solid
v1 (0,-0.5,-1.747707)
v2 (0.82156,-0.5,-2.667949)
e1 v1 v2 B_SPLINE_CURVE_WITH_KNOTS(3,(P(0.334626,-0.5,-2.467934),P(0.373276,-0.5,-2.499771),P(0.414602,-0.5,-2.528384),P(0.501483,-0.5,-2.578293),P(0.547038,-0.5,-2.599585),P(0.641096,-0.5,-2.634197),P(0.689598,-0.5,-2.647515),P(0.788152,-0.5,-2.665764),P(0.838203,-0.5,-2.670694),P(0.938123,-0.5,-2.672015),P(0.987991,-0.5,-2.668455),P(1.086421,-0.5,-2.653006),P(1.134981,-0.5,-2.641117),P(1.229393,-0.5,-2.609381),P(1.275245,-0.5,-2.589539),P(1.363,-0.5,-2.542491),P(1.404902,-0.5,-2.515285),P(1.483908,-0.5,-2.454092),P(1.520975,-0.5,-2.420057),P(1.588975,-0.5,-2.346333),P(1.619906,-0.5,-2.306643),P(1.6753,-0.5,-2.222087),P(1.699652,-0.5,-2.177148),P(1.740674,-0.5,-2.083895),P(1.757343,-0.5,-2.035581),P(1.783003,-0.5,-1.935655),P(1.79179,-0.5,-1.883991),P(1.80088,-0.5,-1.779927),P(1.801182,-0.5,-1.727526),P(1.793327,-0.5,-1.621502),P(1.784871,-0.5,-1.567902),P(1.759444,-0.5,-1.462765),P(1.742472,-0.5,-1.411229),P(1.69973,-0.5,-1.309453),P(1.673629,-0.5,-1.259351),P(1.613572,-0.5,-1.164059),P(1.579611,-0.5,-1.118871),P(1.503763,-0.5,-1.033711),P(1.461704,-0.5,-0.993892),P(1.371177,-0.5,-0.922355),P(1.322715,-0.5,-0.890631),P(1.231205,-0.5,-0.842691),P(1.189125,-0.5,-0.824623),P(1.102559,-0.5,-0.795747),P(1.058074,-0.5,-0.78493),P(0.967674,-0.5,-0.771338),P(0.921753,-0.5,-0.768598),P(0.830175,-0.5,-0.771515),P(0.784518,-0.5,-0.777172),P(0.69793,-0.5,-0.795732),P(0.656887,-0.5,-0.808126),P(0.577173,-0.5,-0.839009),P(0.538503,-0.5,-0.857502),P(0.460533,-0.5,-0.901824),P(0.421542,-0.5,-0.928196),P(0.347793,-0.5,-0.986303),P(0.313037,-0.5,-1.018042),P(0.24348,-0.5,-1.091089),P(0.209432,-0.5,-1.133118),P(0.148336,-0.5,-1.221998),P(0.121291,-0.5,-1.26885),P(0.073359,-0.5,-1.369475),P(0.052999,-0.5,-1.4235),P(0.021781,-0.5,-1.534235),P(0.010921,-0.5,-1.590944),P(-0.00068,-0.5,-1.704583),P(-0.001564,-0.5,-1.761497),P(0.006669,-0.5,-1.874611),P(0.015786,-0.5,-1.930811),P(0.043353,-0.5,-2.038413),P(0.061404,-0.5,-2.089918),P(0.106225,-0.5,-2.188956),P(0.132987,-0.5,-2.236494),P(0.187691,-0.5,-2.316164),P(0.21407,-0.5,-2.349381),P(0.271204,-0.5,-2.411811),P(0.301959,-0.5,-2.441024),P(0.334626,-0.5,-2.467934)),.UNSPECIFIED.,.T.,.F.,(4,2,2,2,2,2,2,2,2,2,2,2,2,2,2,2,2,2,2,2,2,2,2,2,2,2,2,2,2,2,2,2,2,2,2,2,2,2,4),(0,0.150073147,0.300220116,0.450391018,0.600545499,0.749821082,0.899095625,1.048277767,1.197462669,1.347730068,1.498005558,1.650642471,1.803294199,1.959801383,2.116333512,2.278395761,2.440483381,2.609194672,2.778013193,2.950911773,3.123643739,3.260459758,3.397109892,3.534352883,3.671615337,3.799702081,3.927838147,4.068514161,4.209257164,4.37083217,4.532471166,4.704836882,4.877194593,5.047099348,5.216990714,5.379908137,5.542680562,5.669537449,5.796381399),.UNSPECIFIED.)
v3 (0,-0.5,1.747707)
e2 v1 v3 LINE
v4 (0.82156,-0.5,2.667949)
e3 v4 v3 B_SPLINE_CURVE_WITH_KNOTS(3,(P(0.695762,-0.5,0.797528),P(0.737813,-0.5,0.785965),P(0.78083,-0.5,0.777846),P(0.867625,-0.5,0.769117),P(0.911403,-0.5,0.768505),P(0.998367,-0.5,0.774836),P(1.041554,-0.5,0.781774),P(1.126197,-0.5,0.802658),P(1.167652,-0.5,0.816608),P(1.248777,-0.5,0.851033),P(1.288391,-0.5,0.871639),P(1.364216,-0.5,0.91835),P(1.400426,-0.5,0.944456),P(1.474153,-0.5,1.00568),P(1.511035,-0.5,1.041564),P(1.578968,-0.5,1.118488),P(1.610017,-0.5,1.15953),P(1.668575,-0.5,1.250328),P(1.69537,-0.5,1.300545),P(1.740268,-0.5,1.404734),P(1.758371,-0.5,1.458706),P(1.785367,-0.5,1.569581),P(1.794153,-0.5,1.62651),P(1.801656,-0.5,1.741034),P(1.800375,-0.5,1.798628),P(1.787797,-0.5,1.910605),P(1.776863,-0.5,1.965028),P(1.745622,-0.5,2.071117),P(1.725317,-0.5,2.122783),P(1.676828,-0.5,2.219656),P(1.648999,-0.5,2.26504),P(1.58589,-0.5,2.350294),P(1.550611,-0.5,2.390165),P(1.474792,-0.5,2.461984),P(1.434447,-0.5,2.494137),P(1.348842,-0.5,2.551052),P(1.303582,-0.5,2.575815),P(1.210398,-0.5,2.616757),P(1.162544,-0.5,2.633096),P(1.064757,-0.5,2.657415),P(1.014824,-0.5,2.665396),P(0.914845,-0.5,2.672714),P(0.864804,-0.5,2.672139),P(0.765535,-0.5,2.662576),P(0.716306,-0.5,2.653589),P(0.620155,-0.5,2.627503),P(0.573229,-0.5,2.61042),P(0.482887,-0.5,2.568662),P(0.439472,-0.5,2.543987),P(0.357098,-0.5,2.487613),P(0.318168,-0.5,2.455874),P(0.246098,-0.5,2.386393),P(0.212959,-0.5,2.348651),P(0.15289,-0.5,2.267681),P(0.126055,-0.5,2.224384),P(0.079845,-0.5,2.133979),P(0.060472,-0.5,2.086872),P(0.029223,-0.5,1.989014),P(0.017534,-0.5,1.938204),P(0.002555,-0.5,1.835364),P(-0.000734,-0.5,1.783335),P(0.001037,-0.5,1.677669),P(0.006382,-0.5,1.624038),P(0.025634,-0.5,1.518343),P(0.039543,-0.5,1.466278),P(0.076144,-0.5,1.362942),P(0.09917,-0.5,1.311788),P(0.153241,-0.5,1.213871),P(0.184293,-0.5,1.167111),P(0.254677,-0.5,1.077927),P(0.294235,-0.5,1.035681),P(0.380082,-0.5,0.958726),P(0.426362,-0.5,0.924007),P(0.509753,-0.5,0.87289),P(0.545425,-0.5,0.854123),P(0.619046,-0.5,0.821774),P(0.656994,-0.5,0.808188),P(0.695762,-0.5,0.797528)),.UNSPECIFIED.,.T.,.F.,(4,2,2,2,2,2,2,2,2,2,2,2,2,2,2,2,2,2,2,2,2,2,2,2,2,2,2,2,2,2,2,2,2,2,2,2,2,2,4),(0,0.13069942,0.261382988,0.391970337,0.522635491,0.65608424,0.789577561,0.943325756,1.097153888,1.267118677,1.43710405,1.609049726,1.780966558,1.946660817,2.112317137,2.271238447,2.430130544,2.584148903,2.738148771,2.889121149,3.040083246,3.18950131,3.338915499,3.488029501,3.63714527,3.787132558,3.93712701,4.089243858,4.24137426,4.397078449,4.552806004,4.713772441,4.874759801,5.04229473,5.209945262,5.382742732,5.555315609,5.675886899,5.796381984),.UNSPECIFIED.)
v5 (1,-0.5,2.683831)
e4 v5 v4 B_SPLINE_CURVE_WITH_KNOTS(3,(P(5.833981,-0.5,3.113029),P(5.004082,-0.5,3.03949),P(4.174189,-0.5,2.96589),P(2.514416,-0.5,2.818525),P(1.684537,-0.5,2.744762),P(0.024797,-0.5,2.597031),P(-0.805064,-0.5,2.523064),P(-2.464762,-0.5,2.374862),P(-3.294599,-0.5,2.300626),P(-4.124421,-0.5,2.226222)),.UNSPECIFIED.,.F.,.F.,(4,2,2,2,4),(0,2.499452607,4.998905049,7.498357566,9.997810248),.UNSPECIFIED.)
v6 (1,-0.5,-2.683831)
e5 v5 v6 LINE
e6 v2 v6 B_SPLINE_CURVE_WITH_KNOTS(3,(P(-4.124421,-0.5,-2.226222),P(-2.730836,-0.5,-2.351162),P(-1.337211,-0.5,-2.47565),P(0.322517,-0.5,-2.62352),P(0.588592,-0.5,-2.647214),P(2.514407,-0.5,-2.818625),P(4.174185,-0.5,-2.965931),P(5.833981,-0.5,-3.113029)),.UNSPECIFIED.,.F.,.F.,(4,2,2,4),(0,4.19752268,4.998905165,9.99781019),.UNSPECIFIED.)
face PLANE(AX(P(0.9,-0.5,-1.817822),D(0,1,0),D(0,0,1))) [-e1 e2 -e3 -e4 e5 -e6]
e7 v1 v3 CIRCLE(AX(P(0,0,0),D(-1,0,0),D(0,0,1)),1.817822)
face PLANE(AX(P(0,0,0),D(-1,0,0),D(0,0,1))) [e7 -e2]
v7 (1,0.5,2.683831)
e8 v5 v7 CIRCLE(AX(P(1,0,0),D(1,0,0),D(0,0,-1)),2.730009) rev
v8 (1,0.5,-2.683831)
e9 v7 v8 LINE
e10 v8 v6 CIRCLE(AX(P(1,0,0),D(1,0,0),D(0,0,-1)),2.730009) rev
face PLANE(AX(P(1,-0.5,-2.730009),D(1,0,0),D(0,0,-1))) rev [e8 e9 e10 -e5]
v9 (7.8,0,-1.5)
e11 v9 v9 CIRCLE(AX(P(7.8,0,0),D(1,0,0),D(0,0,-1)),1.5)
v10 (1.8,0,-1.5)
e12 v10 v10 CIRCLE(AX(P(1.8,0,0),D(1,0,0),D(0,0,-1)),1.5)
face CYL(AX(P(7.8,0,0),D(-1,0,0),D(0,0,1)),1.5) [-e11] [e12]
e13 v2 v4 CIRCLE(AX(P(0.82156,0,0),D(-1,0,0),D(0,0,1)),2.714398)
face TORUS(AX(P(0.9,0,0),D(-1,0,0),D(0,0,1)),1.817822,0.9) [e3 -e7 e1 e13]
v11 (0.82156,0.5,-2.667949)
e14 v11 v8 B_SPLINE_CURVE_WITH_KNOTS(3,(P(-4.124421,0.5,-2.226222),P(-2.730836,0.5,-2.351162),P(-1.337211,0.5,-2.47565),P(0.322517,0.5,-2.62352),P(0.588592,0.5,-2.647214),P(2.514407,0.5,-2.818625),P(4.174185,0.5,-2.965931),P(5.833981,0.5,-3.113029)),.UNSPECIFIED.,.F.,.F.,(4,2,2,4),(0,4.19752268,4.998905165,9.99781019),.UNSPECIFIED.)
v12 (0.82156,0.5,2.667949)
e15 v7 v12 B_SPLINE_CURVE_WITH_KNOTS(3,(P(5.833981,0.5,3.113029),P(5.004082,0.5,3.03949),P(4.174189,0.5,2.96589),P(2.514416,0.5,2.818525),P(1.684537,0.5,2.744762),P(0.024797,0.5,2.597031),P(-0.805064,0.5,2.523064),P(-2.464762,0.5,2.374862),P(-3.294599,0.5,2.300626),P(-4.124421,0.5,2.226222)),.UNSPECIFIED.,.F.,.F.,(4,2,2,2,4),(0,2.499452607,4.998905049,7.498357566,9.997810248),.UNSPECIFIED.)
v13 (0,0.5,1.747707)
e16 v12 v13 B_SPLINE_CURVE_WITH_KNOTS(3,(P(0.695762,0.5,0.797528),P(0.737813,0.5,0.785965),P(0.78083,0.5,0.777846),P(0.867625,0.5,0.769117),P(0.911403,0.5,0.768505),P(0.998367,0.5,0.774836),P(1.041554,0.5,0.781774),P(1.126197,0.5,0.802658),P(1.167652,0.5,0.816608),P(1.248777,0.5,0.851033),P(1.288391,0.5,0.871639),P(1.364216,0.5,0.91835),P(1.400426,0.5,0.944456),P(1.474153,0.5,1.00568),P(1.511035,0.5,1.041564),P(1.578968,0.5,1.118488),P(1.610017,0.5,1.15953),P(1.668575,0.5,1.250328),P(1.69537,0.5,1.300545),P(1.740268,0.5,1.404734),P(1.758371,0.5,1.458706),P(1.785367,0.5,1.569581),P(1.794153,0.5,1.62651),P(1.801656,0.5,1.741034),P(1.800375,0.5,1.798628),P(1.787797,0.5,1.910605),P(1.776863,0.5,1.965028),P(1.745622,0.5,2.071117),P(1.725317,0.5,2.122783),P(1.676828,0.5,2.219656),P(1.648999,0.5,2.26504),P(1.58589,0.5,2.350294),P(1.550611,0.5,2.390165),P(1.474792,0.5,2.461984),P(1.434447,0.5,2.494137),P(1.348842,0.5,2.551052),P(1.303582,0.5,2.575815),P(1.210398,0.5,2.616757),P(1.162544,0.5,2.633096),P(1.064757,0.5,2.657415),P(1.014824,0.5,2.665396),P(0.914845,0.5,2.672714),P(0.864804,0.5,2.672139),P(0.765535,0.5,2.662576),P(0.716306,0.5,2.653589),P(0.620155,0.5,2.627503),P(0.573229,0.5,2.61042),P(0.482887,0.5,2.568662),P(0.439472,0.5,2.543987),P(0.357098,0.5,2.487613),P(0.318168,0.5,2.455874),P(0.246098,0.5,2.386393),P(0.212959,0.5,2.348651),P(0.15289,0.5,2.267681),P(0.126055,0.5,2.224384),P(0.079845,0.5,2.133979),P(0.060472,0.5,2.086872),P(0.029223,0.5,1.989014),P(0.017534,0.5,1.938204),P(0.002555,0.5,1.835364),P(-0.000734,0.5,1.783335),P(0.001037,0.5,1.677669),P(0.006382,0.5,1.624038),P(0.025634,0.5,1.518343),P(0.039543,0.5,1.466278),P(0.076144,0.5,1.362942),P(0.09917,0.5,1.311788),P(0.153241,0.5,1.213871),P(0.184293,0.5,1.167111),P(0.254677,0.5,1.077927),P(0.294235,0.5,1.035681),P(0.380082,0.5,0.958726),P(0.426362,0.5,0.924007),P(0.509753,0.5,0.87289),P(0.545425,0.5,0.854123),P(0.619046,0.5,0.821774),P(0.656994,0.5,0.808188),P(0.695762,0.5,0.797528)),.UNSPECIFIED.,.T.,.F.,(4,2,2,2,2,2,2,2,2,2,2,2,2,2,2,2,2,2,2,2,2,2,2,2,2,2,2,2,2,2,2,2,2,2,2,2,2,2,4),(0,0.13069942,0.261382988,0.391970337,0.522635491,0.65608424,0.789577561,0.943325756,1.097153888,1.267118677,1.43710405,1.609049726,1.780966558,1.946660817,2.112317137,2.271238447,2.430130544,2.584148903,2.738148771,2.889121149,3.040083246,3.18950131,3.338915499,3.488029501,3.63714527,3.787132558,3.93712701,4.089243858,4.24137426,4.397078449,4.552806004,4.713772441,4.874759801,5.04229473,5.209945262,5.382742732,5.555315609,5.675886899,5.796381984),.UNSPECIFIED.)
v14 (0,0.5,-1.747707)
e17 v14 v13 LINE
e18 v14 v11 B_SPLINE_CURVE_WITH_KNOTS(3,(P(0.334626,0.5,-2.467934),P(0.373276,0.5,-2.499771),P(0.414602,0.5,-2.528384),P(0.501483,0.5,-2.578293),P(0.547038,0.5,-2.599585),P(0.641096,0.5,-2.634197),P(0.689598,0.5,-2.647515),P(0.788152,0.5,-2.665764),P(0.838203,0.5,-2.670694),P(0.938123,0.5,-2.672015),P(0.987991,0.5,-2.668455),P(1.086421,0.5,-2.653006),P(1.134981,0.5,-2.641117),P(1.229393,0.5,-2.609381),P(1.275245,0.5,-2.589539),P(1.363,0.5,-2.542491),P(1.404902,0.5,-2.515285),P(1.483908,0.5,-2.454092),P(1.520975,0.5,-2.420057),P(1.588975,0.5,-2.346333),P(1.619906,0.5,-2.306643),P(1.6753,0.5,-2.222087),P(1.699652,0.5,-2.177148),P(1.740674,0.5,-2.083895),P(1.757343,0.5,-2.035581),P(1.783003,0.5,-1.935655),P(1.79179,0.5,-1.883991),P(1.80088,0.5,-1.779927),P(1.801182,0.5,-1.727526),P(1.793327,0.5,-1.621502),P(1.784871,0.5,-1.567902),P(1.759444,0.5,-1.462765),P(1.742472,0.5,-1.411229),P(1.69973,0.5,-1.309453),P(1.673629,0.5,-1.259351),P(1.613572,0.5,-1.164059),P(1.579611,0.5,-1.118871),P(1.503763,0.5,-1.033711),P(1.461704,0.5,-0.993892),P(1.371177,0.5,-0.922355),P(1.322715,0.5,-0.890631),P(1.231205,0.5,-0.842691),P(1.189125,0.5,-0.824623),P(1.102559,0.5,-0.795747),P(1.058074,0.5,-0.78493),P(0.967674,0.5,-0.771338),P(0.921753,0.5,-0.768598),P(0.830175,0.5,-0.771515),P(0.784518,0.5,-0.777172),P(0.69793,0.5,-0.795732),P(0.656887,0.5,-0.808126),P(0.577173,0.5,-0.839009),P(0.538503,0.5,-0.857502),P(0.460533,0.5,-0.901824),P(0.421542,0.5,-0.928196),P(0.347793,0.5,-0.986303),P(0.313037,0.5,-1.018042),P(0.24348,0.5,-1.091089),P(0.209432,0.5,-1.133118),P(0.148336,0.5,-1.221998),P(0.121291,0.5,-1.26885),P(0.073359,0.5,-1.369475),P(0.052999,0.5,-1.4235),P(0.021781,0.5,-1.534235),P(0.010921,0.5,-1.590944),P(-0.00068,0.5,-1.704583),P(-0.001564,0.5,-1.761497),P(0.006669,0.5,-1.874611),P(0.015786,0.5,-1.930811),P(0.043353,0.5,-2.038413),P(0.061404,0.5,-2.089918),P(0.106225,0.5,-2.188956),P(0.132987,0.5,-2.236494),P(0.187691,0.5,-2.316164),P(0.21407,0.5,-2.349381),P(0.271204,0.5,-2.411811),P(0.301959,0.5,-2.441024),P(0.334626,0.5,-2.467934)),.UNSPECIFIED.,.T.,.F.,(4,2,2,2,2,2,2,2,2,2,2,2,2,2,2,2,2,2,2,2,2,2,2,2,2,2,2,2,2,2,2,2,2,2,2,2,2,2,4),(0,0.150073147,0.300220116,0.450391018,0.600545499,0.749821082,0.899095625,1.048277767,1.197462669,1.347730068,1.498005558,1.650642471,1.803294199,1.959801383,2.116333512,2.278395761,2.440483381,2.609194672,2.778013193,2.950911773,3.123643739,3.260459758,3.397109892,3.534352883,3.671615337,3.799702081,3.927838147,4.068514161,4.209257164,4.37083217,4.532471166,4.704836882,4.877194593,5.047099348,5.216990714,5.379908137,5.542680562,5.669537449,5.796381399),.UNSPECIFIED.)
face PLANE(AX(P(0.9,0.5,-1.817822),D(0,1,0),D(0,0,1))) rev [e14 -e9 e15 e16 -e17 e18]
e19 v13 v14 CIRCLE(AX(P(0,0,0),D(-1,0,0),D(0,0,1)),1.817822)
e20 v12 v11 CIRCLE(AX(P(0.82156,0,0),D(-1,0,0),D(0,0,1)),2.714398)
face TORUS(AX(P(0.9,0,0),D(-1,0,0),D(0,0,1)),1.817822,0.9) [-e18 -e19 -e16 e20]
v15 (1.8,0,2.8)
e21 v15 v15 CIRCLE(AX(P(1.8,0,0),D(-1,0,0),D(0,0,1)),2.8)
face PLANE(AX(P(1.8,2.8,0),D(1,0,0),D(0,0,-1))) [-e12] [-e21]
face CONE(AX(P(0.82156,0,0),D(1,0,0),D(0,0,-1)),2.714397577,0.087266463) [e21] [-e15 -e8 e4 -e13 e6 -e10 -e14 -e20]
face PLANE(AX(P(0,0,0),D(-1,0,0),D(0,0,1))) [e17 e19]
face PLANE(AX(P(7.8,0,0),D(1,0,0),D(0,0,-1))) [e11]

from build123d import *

# Parameters (mm, degrees)
ESQUISSE2_R             = 1.5
BOSS_EXTRU_1_DEPTH      = 6
ENL_V_MAT_EXTRU_1_DEPTH = 0.5


with BuildPart() as part:
    # Esquisse1 → Révolution1 (revolve)
    with BuildSketch(Plane(origin=(0, 0, 0), x_dir=(-1, 0, 0), z_dir=(0, 0, -1)), mode=Mode.PRIVATE) as r_volution1_sk:
        with BuildLine():
            Line((-1.8, 2.8), (-1.8, 0))
            Line((-1.8, 0), (0, 0))
            Line((0, 0), (0, 1.817822349))
            ThreePointArc((0, 1.817822349), (-0.236450397, 2.425853536), (-0.821559832, 2.714397577))
            Line((-0.821559832, 2.714397577), (-1.8, 2.8))
        make_face()
    revolve(r_volution1_sk.sketch.rotate(Axis((1.8, 0, 0), (-1, 0, 0)), 270), axis=Axis((1.8, 0, 0), (-1, 0, 0)))

    # Esquisse2 → Boss.-Extru.1 (add)
    with BuildSketch(Plane(origin=(1.8, 0, 0), x_dir=(0, 0, -1), z_dir=(1, 0, 0))):
        Circle(ESQUISSE2_R)
    extrude(amount=BOSS_EXTRU_1_DEPTH)

    # Esquisse3 → Enlèv. mat.-Extru.1 (cut, symmetric)
    with BuildSketch(Plane(origin=(0, 0, 0), x_dir=(1, 0, 0), z_dir=(0, 1, 0))):
        with BuildLine():
            Line((0, 1.817822349), (0, -1.817822349))
            ThreePointArc((0, -1.817822349), (0.236450397, -2.425853536), (0.821559832, -2.714397577))
            Line((0.821559832, -2.714397577), (1, -2.730009069))
            Line((1, -2.730009069), (1, 2.730009069))
            Line((1, 2.730009069), (0.821559832, 2.714397577))
            ThreePointArc((0.821559832, 2.714397577), (0.236450397, 2.425853536), (0, 1.817822349))
        make_face()
    extrude(amount=ENL_V_MAT_EXTRU_1_DEPTH, both=True, mode=Mode.SUBTRACT)


solid = part.part
